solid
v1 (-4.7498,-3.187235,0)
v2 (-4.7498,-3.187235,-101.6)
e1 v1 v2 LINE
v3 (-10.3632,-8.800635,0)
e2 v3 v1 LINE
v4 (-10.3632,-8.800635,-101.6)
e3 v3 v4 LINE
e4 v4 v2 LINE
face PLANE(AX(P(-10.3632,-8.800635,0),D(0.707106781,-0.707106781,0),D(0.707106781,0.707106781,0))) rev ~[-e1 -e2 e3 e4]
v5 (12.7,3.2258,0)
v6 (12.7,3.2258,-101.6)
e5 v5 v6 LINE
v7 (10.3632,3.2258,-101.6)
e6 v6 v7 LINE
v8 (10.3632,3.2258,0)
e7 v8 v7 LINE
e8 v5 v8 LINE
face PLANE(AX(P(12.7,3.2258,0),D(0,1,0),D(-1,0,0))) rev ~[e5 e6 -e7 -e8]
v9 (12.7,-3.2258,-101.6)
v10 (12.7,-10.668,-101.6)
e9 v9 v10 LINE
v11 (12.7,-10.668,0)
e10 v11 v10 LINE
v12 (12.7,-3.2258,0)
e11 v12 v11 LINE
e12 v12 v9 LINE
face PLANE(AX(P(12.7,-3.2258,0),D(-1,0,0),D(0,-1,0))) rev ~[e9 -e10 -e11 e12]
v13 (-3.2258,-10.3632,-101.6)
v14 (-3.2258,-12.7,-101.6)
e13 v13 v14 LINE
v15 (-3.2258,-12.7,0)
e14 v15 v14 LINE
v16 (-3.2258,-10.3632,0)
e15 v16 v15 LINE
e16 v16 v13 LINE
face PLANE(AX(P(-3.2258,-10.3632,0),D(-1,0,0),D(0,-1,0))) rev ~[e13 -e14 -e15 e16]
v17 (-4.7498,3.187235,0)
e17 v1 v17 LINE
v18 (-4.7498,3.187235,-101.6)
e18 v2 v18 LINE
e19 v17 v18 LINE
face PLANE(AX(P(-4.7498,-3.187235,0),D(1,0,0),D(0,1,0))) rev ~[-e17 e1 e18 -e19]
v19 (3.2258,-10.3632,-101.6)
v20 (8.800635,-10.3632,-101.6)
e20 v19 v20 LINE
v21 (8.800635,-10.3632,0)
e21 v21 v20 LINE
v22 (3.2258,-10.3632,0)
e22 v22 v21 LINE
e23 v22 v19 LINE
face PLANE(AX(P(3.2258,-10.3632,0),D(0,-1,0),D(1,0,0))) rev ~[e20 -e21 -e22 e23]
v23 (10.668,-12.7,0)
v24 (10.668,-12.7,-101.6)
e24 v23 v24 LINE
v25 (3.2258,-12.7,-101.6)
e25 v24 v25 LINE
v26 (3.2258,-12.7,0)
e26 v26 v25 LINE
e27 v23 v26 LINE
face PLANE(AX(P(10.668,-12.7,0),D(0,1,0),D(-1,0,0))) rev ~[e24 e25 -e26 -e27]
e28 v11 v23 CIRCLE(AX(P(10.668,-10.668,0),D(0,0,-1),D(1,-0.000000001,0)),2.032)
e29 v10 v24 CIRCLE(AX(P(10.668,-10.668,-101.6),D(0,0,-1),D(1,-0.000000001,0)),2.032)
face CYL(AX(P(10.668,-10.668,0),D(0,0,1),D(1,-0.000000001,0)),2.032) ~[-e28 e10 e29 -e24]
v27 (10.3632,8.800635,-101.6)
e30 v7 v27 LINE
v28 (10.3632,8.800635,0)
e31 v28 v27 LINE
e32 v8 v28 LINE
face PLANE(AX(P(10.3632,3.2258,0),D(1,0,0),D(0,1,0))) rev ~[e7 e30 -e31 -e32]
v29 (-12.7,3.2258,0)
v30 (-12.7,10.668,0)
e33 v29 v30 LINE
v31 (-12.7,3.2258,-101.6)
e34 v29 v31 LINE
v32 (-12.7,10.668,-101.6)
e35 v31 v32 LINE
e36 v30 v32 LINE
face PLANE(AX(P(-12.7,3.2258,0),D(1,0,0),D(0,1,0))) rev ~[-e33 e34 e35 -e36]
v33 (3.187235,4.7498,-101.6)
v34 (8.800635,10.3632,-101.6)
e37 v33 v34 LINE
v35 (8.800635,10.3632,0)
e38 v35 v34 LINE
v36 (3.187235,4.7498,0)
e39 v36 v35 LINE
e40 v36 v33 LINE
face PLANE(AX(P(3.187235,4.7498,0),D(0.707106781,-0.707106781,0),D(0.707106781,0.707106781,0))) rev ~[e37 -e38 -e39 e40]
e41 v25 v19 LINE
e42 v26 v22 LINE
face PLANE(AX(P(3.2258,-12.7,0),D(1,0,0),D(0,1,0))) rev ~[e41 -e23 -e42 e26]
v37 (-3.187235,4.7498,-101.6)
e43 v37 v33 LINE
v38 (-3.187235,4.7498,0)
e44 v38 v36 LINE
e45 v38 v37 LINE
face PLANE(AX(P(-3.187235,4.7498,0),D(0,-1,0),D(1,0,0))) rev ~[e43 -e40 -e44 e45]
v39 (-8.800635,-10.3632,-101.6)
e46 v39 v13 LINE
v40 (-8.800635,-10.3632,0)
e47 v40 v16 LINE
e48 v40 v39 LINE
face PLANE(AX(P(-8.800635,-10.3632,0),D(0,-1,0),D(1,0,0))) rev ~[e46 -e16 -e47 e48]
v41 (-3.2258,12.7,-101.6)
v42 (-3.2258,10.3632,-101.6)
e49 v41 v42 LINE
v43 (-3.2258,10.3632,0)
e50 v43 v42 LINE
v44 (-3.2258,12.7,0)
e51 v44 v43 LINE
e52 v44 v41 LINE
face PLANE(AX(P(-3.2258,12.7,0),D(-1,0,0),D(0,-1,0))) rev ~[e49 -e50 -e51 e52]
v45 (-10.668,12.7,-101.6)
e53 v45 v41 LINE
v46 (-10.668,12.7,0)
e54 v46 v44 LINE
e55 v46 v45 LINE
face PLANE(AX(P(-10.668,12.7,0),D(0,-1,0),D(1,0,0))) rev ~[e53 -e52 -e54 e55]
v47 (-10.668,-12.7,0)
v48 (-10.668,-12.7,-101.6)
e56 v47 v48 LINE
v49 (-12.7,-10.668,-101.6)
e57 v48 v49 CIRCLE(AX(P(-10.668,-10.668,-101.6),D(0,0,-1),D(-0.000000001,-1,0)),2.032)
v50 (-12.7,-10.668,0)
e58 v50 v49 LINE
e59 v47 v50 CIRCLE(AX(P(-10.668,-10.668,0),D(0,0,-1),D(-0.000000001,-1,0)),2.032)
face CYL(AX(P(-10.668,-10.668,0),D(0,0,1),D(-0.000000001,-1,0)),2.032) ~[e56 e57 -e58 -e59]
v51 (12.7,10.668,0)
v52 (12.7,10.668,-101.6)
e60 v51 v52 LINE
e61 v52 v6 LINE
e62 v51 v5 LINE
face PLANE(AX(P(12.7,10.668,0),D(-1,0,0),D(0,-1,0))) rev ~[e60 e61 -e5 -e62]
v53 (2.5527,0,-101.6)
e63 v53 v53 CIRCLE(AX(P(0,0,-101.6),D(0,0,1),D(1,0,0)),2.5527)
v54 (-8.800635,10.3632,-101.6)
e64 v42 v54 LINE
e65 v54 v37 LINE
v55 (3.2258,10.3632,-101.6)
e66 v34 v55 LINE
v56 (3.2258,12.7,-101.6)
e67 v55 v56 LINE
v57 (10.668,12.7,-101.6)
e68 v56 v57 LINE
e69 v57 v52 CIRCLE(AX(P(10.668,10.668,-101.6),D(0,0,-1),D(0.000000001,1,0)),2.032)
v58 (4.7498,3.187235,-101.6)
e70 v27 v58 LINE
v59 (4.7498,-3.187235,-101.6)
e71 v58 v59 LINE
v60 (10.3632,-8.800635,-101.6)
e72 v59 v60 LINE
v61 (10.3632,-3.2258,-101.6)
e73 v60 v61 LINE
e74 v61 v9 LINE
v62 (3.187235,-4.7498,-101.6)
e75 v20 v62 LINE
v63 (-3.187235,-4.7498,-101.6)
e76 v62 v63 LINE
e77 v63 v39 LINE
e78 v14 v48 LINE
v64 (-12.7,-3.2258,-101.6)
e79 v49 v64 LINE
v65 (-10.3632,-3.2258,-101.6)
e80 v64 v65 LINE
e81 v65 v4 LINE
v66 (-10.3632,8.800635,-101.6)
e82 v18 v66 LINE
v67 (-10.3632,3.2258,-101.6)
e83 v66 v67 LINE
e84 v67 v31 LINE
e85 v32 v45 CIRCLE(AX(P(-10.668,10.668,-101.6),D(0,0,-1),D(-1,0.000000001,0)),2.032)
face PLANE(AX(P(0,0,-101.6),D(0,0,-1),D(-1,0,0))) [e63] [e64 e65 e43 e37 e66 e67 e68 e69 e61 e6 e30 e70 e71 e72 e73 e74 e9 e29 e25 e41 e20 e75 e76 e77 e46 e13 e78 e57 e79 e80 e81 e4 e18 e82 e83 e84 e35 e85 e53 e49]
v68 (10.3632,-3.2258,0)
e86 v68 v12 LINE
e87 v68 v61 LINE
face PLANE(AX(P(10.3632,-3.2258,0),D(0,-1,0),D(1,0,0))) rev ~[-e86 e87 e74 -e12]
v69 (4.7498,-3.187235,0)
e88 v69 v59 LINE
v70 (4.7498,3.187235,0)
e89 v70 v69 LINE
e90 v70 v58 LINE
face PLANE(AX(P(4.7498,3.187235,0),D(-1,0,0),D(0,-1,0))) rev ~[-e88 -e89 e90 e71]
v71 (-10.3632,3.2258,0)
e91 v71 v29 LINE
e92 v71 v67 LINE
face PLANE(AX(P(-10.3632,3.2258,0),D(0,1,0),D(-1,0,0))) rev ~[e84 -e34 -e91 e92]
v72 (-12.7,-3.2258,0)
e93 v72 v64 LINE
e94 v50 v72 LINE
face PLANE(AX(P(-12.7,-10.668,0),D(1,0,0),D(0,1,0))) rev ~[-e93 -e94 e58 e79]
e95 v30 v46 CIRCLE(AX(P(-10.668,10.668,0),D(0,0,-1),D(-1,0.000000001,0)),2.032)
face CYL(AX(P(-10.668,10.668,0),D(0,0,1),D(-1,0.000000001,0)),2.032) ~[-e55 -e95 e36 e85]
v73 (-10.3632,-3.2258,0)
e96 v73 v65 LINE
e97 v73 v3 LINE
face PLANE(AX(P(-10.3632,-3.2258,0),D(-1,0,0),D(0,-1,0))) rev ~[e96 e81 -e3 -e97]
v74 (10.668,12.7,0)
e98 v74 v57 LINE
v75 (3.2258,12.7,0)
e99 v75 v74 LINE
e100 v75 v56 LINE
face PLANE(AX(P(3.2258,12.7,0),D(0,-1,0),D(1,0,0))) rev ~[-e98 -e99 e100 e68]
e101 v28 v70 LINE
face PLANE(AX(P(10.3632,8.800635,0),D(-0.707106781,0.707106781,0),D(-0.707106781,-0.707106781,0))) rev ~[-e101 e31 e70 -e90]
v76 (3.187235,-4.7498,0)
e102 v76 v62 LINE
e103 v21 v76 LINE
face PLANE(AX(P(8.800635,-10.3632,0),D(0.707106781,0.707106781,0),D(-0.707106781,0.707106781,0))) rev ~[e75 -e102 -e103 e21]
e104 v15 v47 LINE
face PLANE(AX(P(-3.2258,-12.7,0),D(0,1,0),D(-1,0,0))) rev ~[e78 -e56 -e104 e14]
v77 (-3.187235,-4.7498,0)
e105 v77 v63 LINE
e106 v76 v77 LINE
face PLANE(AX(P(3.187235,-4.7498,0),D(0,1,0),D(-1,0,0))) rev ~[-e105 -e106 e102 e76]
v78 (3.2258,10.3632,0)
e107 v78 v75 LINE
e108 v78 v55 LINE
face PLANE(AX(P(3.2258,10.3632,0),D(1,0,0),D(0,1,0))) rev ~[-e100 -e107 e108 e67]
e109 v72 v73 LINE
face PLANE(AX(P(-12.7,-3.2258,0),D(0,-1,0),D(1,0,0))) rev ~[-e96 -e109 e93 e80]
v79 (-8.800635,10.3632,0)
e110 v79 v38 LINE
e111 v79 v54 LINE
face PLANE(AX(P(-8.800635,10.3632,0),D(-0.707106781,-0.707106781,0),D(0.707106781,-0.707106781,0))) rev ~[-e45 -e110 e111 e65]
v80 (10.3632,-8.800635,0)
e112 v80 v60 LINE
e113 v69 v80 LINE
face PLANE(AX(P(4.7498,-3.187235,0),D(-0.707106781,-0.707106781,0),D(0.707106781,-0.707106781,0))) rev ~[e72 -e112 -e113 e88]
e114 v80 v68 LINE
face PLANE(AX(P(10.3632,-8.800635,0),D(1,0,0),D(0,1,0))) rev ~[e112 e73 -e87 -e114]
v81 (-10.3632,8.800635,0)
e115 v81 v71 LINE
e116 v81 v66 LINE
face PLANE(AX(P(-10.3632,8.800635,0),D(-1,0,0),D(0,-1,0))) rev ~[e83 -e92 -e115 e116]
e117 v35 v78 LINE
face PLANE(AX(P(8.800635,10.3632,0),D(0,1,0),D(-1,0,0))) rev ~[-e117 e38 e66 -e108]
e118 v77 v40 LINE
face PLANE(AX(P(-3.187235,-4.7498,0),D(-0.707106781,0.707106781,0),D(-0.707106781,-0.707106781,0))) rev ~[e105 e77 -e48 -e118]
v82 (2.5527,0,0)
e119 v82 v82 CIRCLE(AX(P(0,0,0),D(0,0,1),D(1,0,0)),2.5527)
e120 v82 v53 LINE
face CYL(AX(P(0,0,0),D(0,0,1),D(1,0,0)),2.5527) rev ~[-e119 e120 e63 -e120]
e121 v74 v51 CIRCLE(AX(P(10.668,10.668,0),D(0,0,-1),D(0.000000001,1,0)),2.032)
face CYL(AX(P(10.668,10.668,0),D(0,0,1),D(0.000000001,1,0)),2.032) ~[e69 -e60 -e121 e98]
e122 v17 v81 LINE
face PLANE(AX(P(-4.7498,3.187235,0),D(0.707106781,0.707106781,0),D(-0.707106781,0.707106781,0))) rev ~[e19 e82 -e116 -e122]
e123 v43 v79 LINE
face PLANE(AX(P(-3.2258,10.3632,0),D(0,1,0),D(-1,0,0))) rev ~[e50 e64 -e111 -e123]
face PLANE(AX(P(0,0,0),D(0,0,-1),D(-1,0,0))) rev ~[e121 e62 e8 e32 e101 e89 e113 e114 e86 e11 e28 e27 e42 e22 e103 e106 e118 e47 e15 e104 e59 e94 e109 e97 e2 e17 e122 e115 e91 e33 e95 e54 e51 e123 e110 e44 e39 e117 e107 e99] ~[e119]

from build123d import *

# Parameters (mm, degrees)
SKETCH1_R      = 2.5527
FINALCUT_DEPTH = 101.6


with BuildPart() as part:
    # Sketch1 → FinalCut (new body)
    with BuildSketch(Plane.XY):
        with BuildLine():
            Line((-4.7498, 0), (-4.7498, 3.187235435))
            Line((-4.7498, 3.187235435), (-10.3632, 8.800635435))
            Line((-10.3632, 8.800635435), (-10.3632, 3.2258))
            Line((-10.3632, 3.2258), (-12.7, 3.2258))
            Line((-12.7, 3.2258), (-12.7, 10.668))
            ThreePointArc((-12.7, 10.668), (-12.104840979, 12.104840979), (-10.668, 12.7))
            Line((-10.668, 12.7), (-3.2258, 12.7))
            Line((-3.2258, 12.7), (-3.2258, 10.3632))
            Line((-3.2258, 10.3632), (-8.800635435, 10.3632))
            Line((-8.800635435, 10.3632), (-3.187235435, 4.7498))
            Line((-3.187235435, 4.7498), (0, 4.7498))
            Line((0, 4.7498), (3.187235435, 4.7498))
            Line((3.187235435, 4.7498), (8.800635435, 10.3632))
            Line((8.800635435, 10.3632), (3.2258, 10.3632))
            Line((3.2258, 10.3632), (3.2258, 12.7))
            Line((3.2258, 12.7), (10.668, 12.7))
            ThreePointArc((10.668, 12.7), (12.104840979, 12.104840979), (12.7, 10.668))
            Line((12.7, 10.668), (12.7, 3.2258))
            Line((12.7, 3.2258), (10.3632, 3.2258))
            Line((10.3632, 3.2258), (10.3632, 8.800635435))
            Line((10.3632, 8.800635435), (4.7498, 3.187235435))
            Line((4.7498, 3.187235435), (4.7498, 0))
            Line((4.7498, 0), (4.7498, -3.187235435))
            Line((4.7498, -3.187235435), (10.3632, -8.800635435))
            Line((10.3632, -8.800635435), (10.3632, -3.2258))
            Line((10.3632, -3.2258), (12.7, -3.2258))
            Line((12.7, -3.2258), (12.7, -10.668))
            ThreePointArc((12.7, -10.668), (12.104840979, -12.104840979), (10.668, -12.7))
            Line((10.668, -12.7), (3.2258, -12.7))
            Line((3.2258, -12.7), (3.2258, -10.3632))
            Line((3.2258, -10.3632), (8.800635435, -10.3632))
            Line((8.800635435, -10.3632), (3.187235435, -4.7498))
            Line((3.187235435, -4.7498), (0, -4.7498))
            Line((0, -4.7498), (-3.187235435, -4.7498))
            Line((-3.187235435, -4.7498), (-8.800635435, -10.3632))
            Line((-8.800635435, -10.3632), (-3.2258, -10.3632))
            Line((-3.2258, -10.3632), (-3.2258, -12.7))
            Line((-3.2258, -12.7), (-10.668, -12.7))
            ThreePointArc((-10.668, -12.7), (-12.104840979, -12.104840979), (-12.7, -10.668))
            Line((-12.7, -10.668), (-12.7, -3.2258))
            Line((-12.7, -3.2258), (-10.3632, -3.2258))
            Line((-10.3632, -3.2258), (-10.3632, -8.800635435))
            Line((-10.3632, -8.800635435), (-4.7498, -3.187235435))
            Line((-4.7498, -3.187235435), (-4.7498, 0))
        make_face()
        Circle(SKETCH1_R, mode=Mode.SUBTRACT)
    extrude(amount=-FINALCUT_DEPTH)


solid = part.part
